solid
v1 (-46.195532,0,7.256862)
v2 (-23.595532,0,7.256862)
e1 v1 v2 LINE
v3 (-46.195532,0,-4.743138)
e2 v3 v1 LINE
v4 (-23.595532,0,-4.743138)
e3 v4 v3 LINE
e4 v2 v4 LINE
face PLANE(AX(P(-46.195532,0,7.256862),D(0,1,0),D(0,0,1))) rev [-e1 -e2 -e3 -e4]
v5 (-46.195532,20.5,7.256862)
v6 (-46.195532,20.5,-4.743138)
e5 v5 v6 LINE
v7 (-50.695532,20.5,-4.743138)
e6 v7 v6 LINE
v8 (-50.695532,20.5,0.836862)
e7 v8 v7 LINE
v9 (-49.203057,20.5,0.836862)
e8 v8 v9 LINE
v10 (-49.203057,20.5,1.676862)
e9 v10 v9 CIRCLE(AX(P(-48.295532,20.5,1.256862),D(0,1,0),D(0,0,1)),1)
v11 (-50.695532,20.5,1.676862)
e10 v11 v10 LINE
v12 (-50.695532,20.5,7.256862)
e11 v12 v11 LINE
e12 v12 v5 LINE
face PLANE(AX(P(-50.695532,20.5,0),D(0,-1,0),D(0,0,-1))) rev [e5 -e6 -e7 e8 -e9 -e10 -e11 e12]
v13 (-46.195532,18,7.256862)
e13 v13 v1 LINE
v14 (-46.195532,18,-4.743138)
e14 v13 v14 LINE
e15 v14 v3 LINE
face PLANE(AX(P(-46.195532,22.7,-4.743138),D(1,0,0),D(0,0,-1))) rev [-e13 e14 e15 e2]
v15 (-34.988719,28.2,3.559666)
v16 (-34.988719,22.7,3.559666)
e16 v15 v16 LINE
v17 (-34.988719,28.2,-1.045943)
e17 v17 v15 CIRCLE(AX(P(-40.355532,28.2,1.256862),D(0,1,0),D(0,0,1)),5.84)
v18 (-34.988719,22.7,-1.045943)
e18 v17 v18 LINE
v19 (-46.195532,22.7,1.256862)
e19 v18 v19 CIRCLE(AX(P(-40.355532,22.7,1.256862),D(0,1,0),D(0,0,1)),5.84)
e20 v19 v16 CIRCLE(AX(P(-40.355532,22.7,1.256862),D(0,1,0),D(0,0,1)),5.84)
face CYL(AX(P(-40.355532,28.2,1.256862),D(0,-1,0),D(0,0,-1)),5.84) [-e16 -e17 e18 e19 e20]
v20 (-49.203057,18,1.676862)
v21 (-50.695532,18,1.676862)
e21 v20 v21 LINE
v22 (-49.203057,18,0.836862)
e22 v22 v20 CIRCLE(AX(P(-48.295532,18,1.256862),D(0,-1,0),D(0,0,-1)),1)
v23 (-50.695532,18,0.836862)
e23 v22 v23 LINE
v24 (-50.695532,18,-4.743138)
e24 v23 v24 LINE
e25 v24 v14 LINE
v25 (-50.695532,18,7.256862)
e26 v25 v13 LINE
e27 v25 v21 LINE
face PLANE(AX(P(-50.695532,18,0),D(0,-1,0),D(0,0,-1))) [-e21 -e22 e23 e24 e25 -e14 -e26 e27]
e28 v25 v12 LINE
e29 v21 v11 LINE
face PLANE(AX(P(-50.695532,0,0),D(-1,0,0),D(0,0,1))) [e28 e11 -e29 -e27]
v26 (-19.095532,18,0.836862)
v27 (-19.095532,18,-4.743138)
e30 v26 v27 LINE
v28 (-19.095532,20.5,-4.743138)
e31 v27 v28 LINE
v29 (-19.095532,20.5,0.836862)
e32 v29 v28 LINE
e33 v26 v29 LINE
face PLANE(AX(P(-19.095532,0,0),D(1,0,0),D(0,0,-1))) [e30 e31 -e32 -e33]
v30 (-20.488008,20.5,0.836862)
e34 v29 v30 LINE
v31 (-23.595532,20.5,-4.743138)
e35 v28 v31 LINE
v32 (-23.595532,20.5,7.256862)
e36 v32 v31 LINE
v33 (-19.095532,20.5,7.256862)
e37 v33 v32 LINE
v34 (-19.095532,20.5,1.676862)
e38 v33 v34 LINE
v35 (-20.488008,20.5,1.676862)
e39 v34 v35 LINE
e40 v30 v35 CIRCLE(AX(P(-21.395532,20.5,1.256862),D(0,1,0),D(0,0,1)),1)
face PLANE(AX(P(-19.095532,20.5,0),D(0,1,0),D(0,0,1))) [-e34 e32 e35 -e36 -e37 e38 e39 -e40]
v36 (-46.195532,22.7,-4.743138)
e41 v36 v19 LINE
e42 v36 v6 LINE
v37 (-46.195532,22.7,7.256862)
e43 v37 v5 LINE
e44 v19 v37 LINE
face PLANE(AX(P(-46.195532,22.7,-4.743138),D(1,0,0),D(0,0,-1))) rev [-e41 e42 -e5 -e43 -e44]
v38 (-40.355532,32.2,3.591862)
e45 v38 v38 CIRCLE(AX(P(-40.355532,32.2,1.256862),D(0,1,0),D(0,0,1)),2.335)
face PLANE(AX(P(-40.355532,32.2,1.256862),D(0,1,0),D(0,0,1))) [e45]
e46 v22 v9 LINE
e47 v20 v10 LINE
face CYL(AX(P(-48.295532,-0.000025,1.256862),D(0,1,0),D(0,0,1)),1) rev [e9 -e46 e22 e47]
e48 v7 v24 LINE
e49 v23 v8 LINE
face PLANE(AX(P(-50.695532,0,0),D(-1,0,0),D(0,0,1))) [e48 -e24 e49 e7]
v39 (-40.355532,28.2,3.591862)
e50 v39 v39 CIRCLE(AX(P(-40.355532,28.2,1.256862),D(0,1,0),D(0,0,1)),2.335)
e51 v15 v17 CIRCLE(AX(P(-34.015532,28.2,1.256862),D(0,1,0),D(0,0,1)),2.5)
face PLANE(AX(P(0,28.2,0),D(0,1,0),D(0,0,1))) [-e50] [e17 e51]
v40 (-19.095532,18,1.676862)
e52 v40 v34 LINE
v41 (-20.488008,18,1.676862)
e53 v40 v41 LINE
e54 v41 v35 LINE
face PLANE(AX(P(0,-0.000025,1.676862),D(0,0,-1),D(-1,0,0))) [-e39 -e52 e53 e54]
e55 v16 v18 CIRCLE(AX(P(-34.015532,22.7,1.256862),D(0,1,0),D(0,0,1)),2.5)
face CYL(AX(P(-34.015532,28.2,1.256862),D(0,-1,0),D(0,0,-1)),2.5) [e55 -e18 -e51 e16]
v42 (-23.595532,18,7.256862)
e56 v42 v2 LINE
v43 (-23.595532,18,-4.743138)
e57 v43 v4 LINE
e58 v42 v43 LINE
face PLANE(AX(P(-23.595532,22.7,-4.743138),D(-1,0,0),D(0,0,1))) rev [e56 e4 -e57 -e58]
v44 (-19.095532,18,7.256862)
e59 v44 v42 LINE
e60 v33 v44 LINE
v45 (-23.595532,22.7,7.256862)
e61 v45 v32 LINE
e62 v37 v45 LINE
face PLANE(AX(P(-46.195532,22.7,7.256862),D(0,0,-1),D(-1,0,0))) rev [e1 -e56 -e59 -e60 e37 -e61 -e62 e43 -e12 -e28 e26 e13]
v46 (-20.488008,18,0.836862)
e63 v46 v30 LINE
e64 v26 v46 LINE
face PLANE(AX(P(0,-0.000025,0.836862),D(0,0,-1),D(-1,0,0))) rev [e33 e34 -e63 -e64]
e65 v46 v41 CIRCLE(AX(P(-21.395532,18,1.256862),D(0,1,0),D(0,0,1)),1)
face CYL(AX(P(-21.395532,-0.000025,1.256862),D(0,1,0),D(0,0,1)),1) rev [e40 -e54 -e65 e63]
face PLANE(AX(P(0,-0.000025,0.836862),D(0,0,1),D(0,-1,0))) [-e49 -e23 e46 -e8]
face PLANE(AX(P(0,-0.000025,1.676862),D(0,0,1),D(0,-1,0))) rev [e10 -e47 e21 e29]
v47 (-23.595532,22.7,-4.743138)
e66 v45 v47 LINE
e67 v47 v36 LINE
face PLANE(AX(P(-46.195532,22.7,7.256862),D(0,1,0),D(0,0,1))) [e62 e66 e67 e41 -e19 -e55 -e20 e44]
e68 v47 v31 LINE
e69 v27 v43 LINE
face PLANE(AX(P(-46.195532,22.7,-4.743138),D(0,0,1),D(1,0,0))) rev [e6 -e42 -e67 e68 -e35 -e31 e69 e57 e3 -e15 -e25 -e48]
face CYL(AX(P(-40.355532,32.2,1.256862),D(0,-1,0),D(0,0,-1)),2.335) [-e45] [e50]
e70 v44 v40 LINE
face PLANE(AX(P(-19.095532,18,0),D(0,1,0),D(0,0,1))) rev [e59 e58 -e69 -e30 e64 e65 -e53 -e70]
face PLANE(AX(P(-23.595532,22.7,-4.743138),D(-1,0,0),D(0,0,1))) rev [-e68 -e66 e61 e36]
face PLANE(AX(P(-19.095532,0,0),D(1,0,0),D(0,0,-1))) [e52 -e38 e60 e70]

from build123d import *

# Parameters (mm, degrees)
SKETCH1_W            = 22.6
SKETCH1_H            = 12
BOSS_EXTRUDE1_DEPTH  = 22.7
SKETCH4_R            = 5.84
BOSS_EXTRUDE6_DEPTH  = 5.5
SKETCH12_R           = 2.335
BOSS_EXTRUDE7_DEPTH  = 4
SKETCH13_R           = 2.5
BOSS_EXTRUDE8_DEPTH  = 5.5
SKETCH14_W           = 12
SKETCH14_H           = 2.5
BOSS_EXTRUDE10_DEPTH = 4.5
SKETCH15_R           = 1
SKETCH15_W           = 1.5
SKETCH15_H           = 0.84
CUT_EXTRUDE3_DEPTH   = 52.05819482
SKETCH16_W           = 12
SKETCH16_H           = 2.5
BOSS_EXTRUDE11_DEPTH = 4.5
SKETCH17_R           = 1
SKETCH17_W           = 1.5
SKETCH17_H           = 0.84
CUT_EXTRUDE4_DEPTH   = 56.162931847


with BuildPart() as part:
    # Sketch1 → Boss-Extrude1 (new body)
    with BuildSketch(Plane(origin=(0, 0, 0), x_dir=(1, 0, 0), z_dir=(0, 1, 0))):
        with Locations((-34.895532414, -1.256861806)):
            Rectangle(SKETCH1_W, SKETCH1_H)
    extrude(amount=BOSS_EXTRUDE1_DEPTH)

    # Sketch4 → Boss-Extrude6 (add)
    with BuildSketch(Plane(origin=(0, 22.7, 0), x_dir=(-1, 0, 0), z_dir=(0, 1, 0))):
        with Locations((40.355532414, 1.256861806)):
            Circle(SKETCH4_R)
    extrude(amount=BOSS_EXTRUDE6_DEPTH)

    # Sketch12 → Boss-Extrude7 (add)
    with BuildSketch(Plane(origin=(0, 28.2, 0), x_dir=(-1, 0, 0), z_dir=(0, 1, 0))):
        with Locations(Location((40.355532414, 1.256861806, 0), (0, 0, 90))):
            Circle(SKETCH12_R)
    extrude(amount=BOSS_EXTRUDE7_DEPTH)

    # Sketch13 → Boss-Extrude8 (add)
    with BuildSketch(Plane(origin=(0, 22.7, 0), x_dir=(-1, 0, 0), z_dir=(0, 1, 0))):
        with Locations((34.015532414, 1.256861806)):
            Circle(SKETCH13_R)
    extrude(amount=BOSS_EXTRUDE8_DEPTH)

    # Sketch14 → Boss-Extrude10 (add)
    with BuildSketch(Plane(origin=(-23.595532414, 0, 0), x_dir=(0, 0, -1), z_dir=(1, 0, 0))):
        with Locations((-1.256861806, 19.25)):
            Rectangle(SKETCH14_W, SKETCH14_H)
    extrude(amount=BOSS_EXTRUDE10_DEPTH)

    # Sketch15 → Cut-Extrude3 (cut, through all)
    with BuildSketch(Plane(origin=(0, 20.5, 0), x_dir=(-1, 0, 0), z_dir=(0, 1, 0))):
        with Locations((21.395532414, 1.256861806)):
            Circle(SKETCH15_R)
        with Locations((48.395532414, 1.256861806)):
            Circle(SKETCH15_R)
        with Locations((19.845532414, 1.256861806)):
            Rectangle(SKETCH15_W, SKETCH15_H)
    extrude(amount=-CUT_EXTRUDE3_DEPTH, mode=Mode.SUBTRACT)

    # Sketch16 → Boss-Extrude11 (add)
    with BuildSketch(Plane.ZY.offset(46.195532414)):
        with Locations((1.256861806, 19.25)):
            Rectangle(SKETCH16_W, SKETCH16_H)
    extrude(amount=BOSS_EXTRUDE11_DEPTH)

    # Sketch17 → Cut-Extrude4 (cut, through all)
    with BuildSketch(Plane(origin=(0, 20.5, 0), x_dir=(-1, 0, 0), z_dir=(0, 1, 0))):
        with Locations((48.295532414, 1.256861806)):
            Circle(SKETCH17_R)
        with Locations((49.945532414, 1.256861806)):
            Rectangle(SKETCH17_W, SKETCH17_H)
    extrude(amount=-CUT_EXTRUDE4_DEPTH, mode=Mode.SUBTRACT)


solid = part.part
